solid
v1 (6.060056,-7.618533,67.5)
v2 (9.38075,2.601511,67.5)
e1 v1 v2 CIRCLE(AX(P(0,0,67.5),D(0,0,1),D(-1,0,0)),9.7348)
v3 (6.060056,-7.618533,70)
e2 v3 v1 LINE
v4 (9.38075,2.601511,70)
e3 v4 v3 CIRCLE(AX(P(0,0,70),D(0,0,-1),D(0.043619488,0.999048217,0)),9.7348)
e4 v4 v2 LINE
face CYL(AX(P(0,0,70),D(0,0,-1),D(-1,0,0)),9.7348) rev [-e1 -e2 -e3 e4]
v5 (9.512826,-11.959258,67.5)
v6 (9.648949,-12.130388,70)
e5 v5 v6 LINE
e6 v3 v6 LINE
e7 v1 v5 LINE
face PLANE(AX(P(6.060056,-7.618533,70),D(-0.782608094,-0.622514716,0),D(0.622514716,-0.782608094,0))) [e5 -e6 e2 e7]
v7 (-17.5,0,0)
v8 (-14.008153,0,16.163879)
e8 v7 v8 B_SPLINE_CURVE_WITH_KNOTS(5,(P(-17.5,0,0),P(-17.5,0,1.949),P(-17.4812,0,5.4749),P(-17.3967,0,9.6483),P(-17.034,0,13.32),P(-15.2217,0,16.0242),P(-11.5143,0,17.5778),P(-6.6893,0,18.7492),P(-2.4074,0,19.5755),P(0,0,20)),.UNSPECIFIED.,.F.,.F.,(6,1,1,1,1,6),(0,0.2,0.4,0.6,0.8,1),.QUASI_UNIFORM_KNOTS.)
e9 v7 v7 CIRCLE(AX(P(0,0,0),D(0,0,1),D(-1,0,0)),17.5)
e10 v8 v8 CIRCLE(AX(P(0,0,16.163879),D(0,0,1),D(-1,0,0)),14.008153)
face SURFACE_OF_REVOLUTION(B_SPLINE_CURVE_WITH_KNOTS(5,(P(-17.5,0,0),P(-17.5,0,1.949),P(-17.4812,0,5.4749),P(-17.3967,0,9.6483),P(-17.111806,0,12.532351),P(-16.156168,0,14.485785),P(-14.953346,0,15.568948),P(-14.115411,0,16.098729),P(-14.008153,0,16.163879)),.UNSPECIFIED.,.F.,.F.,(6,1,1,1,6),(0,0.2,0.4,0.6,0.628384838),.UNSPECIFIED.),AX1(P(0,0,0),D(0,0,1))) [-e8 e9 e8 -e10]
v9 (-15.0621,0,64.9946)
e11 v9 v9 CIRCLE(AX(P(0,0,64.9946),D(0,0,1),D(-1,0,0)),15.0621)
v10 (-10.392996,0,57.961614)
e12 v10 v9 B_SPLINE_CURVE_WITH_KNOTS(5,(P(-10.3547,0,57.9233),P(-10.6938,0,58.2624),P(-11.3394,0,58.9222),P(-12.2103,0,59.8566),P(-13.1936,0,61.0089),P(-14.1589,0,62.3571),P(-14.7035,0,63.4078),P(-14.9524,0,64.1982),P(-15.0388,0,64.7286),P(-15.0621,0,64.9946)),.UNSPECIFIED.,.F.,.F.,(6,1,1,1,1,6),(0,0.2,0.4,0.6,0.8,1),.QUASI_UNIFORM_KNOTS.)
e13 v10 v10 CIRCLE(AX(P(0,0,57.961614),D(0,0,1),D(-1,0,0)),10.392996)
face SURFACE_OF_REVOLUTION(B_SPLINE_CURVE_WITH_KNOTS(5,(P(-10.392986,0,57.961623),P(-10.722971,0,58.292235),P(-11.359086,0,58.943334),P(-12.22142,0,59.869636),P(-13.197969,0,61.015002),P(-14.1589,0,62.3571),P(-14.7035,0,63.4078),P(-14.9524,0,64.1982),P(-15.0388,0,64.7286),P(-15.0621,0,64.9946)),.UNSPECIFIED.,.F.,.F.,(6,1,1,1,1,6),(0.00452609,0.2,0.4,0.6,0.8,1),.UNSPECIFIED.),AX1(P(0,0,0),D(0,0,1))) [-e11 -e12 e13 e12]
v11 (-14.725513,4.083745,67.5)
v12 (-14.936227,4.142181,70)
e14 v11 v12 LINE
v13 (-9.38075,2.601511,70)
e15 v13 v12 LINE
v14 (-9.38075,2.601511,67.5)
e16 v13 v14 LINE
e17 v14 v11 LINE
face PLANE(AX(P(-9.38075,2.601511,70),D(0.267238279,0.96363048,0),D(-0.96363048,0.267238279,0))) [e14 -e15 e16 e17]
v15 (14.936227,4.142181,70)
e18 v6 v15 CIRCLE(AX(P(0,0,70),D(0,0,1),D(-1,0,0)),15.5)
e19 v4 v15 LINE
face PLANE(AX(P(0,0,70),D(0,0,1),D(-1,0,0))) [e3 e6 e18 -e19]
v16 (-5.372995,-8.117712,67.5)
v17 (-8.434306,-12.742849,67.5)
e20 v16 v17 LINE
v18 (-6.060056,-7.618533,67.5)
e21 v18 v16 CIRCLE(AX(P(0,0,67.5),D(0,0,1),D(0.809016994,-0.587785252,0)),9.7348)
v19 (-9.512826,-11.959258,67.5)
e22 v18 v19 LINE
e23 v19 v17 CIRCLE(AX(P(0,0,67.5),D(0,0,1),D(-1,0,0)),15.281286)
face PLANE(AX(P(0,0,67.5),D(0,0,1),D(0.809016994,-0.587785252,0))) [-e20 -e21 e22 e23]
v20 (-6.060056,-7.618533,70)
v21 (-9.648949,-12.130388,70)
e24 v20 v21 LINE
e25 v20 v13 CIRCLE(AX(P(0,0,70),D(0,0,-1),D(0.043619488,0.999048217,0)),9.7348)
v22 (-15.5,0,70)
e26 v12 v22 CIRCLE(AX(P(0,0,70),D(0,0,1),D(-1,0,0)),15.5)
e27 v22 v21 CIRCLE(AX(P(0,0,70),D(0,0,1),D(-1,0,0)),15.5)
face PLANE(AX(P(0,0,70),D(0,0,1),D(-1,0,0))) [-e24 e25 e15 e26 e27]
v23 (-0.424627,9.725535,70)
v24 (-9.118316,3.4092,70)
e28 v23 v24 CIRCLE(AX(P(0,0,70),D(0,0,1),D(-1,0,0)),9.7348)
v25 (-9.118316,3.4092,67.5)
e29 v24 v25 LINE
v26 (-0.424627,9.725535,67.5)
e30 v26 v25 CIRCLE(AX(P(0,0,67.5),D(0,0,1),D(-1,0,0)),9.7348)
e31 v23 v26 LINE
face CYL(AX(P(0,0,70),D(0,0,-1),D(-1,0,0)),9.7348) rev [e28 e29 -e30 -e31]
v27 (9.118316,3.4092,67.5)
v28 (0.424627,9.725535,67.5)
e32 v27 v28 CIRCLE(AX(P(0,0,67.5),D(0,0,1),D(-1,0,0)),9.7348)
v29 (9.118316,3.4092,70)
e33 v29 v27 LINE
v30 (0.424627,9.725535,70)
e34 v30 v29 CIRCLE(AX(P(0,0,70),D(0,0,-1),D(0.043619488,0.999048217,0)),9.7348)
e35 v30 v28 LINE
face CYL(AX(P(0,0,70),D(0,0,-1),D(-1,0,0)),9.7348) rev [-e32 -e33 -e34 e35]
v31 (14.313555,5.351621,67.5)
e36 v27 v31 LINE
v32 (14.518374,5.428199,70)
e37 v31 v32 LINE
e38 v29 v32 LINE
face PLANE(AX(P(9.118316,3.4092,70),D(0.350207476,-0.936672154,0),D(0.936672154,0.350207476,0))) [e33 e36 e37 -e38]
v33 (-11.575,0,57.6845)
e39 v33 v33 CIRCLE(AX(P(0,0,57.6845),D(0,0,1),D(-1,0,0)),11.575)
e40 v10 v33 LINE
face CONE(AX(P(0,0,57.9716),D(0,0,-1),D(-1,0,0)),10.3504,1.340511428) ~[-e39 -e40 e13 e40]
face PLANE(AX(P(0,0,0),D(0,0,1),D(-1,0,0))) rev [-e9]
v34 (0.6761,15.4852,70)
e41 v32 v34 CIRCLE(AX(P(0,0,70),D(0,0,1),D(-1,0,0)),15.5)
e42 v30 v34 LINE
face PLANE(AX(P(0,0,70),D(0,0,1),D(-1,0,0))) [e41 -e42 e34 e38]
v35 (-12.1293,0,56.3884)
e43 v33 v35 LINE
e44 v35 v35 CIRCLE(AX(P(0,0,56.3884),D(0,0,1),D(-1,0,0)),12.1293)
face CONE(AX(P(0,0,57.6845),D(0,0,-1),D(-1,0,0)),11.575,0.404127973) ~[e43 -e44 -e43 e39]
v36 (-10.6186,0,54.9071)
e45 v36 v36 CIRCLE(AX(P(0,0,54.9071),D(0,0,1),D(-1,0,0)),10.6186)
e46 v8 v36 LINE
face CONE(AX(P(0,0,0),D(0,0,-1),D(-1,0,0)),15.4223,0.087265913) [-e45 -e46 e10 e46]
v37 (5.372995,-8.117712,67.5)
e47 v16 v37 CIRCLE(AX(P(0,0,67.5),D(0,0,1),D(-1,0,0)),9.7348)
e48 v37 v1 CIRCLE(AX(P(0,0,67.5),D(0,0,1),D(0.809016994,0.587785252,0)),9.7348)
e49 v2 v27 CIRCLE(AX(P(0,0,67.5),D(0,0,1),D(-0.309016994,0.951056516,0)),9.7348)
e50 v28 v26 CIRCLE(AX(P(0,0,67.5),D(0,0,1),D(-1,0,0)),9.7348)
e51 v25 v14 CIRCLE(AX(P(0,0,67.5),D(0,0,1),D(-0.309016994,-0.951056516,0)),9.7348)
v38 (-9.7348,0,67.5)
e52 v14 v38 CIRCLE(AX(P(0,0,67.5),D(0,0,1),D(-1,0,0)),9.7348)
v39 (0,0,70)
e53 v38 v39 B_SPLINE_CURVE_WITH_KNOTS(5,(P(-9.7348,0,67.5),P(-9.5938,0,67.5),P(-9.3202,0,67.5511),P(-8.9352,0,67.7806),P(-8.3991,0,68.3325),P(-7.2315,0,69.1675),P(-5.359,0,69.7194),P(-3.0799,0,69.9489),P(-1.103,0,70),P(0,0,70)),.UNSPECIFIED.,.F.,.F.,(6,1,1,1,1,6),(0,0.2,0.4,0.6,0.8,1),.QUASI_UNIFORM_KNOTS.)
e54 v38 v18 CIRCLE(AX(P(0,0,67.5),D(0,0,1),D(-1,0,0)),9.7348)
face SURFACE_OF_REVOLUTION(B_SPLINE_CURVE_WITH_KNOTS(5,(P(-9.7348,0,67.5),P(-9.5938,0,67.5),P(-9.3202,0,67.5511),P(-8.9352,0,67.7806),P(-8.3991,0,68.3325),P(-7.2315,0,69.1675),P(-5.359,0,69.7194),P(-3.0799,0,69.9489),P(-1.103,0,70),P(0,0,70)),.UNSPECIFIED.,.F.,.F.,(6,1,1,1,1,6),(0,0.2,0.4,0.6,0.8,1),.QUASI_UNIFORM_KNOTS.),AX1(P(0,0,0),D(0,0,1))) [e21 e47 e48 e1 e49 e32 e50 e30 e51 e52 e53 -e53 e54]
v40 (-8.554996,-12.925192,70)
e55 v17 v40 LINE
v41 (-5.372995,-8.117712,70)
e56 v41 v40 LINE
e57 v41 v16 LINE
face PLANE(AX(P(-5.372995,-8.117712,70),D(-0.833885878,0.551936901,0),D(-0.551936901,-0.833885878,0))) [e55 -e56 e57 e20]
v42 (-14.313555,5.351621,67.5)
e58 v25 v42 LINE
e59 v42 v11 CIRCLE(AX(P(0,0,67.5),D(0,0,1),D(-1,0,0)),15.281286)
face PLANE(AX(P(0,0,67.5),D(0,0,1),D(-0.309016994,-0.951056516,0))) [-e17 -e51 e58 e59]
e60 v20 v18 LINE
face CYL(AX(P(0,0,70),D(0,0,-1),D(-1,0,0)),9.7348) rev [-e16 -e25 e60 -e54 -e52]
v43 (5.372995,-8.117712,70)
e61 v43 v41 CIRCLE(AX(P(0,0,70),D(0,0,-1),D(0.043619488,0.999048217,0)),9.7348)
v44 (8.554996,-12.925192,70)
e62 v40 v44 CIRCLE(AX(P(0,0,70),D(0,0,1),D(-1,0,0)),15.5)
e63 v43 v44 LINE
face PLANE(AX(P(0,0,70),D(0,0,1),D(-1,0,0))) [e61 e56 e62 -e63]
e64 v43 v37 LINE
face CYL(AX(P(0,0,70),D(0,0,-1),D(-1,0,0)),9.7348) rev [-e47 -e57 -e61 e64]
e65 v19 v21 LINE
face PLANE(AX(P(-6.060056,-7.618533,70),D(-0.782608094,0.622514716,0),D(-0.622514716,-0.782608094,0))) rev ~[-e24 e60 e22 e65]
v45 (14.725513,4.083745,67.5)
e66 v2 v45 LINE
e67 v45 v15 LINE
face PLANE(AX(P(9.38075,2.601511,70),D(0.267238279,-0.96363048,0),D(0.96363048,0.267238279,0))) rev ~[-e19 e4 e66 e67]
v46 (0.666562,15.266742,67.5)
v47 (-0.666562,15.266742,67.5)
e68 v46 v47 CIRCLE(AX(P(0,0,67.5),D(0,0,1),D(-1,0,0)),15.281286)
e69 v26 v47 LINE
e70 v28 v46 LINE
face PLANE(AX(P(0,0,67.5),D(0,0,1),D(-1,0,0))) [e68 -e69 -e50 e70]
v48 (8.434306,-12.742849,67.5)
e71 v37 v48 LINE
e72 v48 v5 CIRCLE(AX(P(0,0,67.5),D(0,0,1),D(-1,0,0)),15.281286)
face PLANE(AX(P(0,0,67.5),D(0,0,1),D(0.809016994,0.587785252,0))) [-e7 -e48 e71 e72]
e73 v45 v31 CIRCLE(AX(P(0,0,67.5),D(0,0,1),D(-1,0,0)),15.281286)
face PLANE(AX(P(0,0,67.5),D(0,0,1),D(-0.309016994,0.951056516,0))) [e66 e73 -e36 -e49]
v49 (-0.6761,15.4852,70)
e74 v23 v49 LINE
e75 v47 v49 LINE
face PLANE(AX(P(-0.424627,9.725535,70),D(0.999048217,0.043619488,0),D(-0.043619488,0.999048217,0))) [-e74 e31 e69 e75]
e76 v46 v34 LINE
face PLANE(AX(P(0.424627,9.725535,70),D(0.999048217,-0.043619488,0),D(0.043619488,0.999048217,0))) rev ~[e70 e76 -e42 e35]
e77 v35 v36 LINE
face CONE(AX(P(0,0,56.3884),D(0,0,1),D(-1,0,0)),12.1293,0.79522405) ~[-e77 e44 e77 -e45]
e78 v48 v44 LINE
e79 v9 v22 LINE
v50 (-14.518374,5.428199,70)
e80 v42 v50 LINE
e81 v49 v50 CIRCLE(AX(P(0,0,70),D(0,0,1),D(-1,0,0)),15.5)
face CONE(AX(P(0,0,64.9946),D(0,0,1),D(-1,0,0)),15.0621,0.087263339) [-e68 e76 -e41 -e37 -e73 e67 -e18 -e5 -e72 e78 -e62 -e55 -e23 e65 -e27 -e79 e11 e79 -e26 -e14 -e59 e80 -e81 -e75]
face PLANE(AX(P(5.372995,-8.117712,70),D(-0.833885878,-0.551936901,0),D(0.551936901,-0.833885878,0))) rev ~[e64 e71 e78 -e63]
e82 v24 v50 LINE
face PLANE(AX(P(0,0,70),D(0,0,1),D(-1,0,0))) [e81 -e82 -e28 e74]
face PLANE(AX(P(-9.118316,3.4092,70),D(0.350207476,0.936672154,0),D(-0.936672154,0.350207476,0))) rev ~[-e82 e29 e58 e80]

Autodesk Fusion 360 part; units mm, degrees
sketch "Sketch1" plane through (0, 0, 0) normal (0, 1, 0) x (1, 0, 0)
  line L0 (0, 0) -> (0, -70)
  line L1 (0, 0) -> (-17.5, 0)
  spline S0 degree 5 poles (-17.5, 0) (-17.5, -1.949) (-17.4812, -5.4749) (-17.3967, -9.6483) (-17.034, -13.32) (-15.2217, -16.0242) (-11.5143, -17.5778) (-6.6893, -18.7492) (-2.4074, -19.5755) (0, -20) knots 0 0 0 0 0 0 0.2 0.4 0.6 0.8 1 1 1 1 1 1
  line L2 (-5, -19.1184) -> (5, -20.8816)
  line L3 (-17.5, 4) -> (-17.5, -4)
  line L4 (-15.4223, 0) -> (-10.3547, -57.9233)
  spline S1 degree 5 poles (-10.3547, -57.9233) (-10.6938, -58.2624) (-11.3394, -58.9222) (-12.2103, -59.8566) (-13.1936, -61.0089) (-14.1589, -62.3571) (-14.7035, -63.4078) (-14.9524, -64.1982) (-15.0388, -64.7286) (-15.0621, -64.9946) knots 0 0 0 0 0 0 0.2 0.4 0.6 0.8 1 1 1 1 1 1
  line L5 (-15.0621, -64.9946) -> (-15.5, -70)
  line L6 (-14.9783, -64.0369) -> (-15.1459, -65.9522)
  line L7 (-17.5, -70) -> (0, -70) construction
  line L8 (-15.5, -70) -> (-9.7348, -70)
  line L9 (-9.7348, -70) -> (-9.7348, -67.5)
  line L10 (-9.0716, -56.6402) -> (-11.6378, -59.2064)
  line L11 (-17.5, 0) -> (-17.5, -70) construction
  spline S2 degree 5 poles (-9.7348, -67.5) (-9.5938, -67.5) (-9.3202, -67.5511) (-8.9352, -67.7806) (-8.3991, -68.3325) (-7.2315, -69.1675) (-5.359, -69.7194) (-3.0799, -69.9489) (-1.103, -70) (0, -70) knots 0 0 0 0 0 0 0.2 0.4 0.6 0.8 1 1 1 1 1 1
  line L12 (-10.1589, -67.5) -> (-9.3107, -67.5)
  line L13 (-3.3162, -70) -> (3.3162, -70)
  line L14 (-10.3504, -57.9716) -> (-11.575, -57.6845)
  line L15 (-12.1293, -56.3884) -> (-10.6186, -54.9071)
  line L16 (-11.575, -57.6845) -> (-12.1293, -56.3884)
  dimension "d1" = 70
  dimension "d2" = 17.5
  dimension "d3" = 5
  dimension "d4" = 45
  dimension "d5" = 5
  dimension "d6" = 10
  dimension "d14" = 2.5
  dimension "d15" = 2
revolve "Revolve1" add sketch "Sketch1" angle 360 about axis through (0, 0, 0) along (0, 0, 1)
sketch "Sketch3" plane through (0, 0, 70) normal (0, 0, 1) x (-1, 0, 0)
  circle A0 centre (0, 0) radius 9.7348
  circle A1 centre (0, 0) radius 15.5
  line L0 (0, 0) -> (0.6761, -15.4852)
  line L1 (0, 0) -> (-0.6761, -15.4852)
  line L2 (0, 0) -> (0, -15.5) construction
  dimension "d8" = 5
  dimension "d9" = 2.5
extrude "Extrude1" cut sketch "Sketch3" against normal up to surface (2.5 mm away) contours A0 A1 L0 L1 picked at (0.4421, -13.5697)
pattern_circular "C-Pattern1" count 5 over 360 about axis through (0, 0, 1.75) along (0, 0, 1) of "Extrude1"
equation "d2 = 3.5 cm / 2"
